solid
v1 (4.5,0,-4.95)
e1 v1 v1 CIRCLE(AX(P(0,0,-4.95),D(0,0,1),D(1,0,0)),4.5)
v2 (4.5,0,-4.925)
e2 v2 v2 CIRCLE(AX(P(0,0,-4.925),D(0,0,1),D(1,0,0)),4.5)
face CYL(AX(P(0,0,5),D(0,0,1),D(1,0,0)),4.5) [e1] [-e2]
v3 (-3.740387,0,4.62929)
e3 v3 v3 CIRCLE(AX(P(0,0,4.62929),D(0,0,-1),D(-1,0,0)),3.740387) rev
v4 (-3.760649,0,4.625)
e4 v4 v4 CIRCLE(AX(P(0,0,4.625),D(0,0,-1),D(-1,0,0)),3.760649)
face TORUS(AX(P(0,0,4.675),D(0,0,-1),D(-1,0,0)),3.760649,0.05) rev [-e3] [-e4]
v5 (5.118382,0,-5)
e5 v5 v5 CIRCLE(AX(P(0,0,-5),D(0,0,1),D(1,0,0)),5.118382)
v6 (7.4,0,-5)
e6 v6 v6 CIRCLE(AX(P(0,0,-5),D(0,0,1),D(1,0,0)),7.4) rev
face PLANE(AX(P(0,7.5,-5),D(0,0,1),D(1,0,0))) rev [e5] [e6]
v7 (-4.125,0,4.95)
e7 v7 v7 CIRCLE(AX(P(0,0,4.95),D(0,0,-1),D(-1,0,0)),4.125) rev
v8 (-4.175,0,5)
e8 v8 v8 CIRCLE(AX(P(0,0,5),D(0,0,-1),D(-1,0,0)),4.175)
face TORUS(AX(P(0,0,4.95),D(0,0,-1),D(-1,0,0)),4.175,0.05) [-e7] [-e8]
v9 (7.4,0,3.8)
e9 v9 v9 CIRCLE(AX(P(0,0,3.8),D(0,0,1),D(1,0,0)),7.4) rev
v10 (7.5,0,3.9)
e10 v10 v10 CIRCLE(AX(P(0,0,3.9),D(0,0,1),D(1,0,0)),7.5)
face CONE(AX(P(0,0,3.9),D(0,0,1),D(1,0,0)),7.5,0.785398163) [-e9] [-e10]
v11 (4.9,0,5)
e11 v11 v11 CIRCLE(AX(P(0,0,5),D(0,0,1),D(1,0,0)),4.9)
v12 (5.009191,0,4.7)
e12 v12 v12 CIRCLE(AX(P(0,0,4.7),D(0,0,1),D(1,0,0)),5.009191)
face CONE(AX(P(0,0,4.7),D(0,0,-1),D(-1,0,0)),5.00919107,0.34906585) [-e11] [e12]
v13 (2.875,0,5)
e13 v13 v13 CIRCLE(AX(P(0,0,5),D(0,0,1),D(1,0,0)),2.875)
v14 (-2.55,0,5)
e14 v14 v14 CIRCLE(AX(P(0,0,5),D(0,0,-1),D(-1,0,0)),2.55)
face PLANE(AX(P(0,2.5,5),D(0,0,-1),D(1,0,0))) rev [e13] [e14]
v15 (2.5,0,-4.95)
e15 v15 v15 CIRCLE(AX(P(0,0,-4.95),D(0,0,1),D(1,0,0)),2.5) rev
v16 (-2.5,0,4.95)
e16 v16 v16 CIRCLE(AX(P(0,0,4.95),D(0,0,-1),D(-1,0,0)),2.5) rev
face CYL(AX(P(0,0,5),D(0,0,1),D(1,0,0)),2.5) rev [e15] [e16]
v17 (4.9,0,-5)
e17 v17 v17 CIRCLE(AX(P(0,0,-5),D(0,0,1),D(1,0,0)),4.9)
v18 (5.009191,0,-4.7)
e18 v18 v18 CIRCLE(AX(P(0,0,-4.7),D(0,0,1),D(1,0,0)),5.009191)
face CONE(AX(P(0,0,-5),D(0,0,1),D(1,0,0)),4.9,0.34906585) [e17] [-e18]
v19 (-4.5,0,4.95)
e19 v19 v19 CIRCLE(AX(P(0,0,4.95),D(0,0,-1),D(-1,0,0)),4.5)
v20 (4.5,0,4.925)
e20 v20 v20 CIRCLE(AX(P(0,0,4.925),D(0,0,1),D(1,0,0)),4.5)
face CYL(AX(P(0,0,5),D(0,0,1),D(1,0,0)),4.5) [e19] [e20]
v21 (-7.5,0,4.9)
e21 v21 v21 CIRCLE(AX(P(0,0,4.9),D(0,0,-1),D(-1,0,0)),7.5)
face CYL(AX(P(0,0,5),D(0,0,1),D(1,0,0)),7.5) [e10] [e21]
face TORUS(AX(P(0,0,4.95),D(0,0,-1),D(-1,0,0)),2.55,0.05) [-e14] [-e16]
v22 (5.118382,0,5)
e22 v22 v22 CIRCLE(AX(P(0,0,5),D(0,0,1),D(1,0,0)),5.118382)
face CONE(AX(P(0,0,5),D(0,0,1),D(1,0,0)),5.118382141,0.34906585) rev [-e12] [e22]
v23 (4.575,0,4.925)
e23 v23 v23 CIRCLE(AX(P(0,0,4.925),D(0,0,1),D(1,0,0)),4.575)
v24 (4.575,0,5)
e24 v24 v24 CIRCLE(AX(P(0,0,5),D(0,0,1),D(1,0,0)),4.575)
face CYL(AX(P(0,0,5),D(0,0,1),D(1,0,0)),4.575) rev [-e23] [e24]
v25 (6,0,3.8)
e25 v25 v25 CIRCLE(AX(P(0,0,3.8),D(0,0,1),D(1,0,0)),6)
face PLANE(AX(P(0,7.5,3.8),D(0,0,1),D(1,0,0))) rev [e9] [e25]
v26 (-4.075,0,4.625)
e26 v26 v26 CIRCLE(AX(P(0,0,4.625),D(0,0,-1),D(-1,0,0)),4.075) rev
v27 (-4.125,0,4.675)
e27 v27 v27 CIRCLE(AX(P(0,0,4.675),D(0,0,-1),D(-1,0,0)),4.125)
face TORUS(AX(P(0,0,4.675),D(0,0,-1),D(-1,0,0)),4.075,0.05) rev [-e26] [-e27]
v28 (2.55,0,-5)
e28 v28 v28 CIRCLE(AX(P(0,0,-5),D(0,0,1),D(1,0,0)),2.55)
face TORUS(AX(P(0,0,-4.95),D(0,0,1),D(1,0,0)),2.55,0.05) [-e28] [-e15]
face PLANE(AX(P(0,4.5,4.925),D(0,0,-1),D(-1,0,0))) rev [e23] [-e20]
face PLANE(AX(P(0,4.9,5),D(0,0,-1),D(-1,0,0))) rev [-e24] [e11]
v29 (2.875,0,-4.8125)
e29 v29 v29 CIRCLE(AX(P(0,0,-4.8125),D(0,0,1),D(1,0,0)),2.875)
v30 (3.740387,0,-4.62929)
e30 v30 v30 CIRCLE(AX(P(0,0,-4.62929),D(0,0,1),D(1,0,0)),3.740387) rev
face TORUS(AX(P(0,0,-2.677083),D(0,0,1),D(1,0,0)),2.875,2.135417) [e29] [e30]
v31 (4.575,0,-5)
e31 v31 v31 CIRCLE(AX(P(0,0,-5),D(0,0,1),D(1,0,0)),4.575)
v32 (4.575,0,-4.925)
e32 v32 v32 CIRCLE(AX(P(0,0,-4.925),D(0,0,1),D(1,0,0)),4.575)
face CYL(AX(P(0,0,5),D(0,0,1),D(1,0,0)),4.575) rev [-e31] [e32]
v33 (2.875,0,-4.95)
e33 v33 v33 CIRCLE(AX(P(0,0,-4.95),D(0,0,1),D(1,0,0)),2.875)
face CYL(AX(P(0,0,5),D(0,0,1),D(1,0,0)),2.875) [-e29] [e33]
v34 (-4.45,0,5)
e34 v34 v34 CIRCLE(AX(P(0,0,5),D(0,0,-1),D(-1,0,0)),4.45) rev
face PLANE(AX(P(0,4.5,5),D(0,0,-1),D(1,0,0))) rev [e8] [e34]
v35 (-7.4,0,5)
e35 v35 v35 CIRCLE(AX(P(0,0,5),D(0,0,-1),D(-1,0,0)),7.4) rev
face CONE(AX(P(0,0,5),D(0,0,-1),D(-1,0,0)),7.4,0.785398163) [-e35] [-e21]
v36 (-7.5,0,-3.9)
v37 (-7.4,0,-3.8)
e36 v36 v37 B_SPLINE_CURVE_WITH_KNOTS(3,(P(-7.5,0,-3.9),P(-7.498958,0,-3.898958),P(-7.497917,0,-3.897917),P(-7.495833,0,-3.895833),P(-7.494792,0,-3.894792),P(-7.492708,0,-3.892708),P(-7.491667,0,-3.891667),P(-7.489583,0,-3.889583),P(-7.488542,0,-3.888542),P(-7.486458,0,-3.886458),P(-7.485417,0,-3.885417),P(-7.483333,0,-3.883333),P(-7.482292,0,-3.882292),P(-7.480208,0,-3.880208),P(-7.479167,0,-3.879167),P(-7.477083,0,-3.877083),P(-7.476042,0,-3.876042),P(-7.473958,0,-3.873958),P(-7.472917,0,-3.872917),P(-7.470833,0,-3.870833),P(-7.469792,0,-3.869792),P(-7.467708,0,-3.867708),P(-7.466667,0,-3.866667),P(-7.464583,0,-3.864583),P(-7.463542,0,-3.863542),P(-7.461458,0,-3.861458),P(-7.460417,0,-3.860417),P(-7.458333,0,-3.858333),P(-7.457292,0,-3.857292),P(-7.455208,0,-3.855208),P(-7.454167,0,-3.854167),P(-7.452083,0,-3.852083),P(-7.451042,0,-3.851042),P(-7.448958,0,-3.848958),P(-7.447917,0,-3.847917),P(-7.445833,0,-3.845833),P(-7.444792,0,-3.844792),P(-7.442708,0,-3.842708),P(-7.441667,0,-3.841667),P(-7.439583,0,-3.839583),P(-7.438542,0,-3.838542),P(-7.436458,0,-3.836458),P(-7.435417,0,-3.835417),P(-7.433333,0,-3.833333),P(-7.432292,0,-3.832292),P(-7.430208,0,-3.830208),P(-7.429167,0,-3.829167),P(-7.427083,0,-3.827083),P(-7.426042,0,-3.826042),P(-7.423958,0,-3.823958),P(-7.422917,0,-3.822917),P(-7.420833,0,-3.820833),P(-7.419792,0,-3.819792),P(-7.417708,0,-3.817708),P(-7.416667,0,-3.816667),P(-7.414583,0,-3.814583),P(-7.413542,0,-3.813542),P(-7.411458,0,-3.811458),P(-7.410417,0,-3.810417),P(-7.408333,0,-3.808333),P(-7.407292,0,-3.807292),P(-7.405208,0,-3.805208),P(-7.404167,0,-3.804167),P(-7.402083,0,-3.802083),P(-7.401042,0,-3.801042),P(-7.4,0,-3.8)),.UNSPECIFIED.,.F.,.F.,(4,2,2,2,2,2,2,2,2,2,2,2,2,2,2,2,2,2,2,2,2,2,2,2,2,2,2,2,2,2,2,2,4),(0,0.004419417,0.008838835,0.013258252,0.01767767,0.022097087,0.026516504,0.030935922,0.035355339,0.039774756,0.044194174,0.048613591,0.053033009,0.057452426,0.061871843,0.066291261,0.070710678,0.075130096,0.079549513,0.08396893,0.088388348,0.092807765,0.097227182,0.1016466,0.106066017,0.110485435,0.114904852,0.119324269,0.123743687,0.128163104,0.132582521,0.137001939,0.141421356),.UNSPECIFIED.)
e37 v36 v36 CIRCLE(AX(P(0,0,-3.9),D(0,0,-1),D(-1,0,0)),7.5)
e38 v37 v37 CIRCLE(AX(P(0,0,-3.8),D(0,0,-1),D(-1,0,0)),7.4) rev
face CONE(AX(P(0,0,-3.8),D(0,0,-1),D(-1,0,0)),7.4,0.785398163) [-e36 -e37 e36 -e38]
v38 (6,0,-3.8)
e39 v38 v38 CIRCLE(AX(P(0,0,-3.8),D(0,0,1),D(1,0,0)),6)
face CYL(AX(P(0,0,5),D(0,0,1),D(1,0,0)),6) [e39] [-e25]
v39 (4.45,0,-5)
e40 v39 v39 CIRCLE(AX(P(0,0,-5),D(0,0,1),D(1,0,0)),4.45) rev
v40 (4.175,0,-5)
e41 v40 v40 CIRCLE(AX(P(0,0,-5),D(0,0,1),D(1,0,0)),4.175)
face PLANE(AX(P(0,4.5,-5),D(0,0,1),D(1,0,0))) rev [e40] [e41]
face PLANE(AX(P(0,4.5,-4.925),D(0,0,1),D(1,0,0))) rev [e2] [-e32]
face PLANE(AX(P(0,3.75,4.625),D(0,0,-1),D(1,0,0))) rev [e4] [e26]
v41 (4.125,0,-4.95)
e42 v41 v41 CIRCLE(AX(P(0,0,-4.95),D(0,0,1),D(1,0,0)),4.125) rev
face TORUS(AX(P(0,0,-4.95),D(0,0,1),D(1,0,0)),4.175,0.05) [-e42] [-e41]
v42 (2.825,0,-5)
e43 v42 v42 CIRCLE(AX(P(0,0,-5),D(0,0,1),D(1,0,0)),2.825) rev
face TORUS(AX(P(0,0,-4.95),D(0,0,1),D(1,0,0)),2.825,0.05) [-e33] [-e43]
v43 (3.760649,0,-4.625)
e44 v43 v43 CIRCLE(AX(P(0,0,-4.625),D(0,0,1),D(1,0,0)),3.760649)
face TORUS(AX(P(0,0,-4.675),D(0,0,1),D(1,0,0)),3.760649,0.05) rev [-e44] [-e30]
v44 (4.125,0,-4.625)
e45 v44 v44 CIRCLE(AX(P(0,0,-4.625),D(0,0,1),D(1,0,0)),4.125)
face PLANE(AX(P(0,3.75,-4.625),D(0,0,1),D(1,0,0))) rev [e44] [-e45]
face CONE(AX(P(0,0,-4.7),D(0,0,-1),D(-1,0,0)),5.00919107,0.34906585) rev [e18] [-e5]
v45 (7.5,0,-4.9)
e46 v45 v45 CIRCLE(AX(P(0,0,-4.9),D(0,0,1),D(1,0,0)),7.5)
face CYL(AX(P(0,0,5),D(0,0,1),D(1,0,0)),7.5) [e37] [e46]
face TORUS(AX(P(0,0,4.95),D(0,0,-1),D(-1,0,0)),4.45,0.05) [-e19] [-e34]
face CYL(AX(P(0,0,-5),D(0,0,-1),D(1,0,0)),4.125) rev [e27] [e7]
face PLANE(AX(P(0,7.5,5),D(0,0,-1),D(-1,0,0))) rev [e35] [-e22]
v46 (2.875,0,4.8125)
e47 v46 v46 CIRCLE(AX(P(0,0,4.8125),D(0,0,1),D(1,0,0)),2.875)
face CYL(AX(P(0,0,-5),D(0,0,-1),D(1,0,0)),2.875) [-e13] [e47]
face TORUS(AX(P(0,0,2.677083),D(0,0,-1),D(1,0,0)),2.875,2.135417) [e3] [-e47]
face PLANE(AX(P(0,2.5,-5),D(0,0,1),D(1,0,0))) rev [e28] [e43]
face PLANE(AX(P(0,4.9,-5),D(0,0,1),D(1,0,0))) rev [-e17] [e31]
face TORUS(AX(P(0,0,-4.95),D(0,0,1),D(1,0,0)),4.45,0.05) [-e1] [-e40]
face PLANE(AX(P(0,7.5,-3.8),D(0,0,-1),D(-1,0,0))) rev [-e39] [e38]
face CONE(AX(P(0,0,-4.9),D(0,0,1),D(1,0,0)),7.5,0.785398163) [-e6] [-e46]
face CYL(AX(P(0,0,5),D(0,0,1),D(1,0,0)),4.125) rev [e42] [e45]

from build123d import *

# Parameters (mm, degrees)
CHAMFER1_SIZE = 0.1
FILLET2_R     = 0.05


with BuildPart() as part:
    # Sketch2 → Revolve1 (revolve)
    with BuildSketch(Plane(origin=(0, 0, 0), x_dir=(0, 0, -1), z_dir=(1, 0, 0)), mode=Mode.PRIVATE) as revolve1_sk:
        with BuildLine():
            Line((5, 2.5), (0, 2.5))
            Line((0, 2.5), (0, 4.5))
            Line((0, 4.5), (5, 4.5))
            Line((5, 4.5), (5, 4.125))
            Line((5, 4.125), (4.625, 4.125))
            Line((4.625, 4.125), (4.625, 3.75))
            ThreePointArc((4.625, 3.75), (4.765098905, 3.322431908), (4.8125, 2.875))
            Line((4.8125, 2.875), (5, 2.875))
            Line((5, 2.875), (5, 2.5))
        make_face()
    revolve(revolve1_sk.sketch.rotate(Axis((0, 0, 5), (0, 0, -1)), 90), axis=Axis((0, 0, 5), (0, 0, -1)))

    # Mirror1: part across plane


with BuildPart() as part_1:
    add(part.part)
    add(part.part.mirror(Plane.XY))

    # Fillet2
    fillet2_edges = [part_1.edges().sort_by_distance(p)[0] for p in [
        (-2.5, 0, -5),
        (-2.5, 0, 5),
        (-4.5, 0, 5),
        (-4.125, 0, 5),
        (-4.125, 0, 4.625),
        (-3.75, 0, 4.625),
        (-2.875, 0, -5),
        (-3.75, 0, -4.625),
        (-4.125, 0, -5),
        (-4.5, 0, -5),
    ]]
    fillet(fillet2_edges, radius=FILLET2_R)


with BuildPart() as body_2:
    # Sketch3 → Revolve2 (revolve)
    with BuildSketch(Plane(origin=(0, 0, 0), x_dir=(0, 0, -1), z_dir=(1, 0, 0)), mode=Mode.PRIVATE) as revolve2_sk:
        Polygon((3.8, 7.5), (5, 7.5), (5, 5.118382141), (4.7, 5.00919107), (5, 4.9), (5, 4.575), (4.925, 4.575), (4.925, 4.5), (-4.925, 4.5), (-4.925, 4.575), (-5, 4.575), (-5, 4.9), (-4.7, 5.00919107), (-5, 5.118382141), (-5, 7.5), (-3.8, 7.5), (-3.8, 6), (3.8, 6), align=None)
    revolve(revolve2_sk.sketch.rotate(Axis((0, 0, 5), (0, 0, -1)), 90), axis=Axis((0, 0, 5), (0, 0, -1)))

    # Chamfer1
    chamfer1_edges = [body_2.edges().sort_by_distance(p)[0] for p in [
        (-7.5, 0, 3.8),
        (-7.5, 0, 5),
        (-7.5, 0, -5),
        (-7.5, 0, -3.8),
    ]]
    chamfer(chamfer1_edges, length=CHAMFER1_SIZE)

    # Combine1: union part
    add(part_1.part)


solid = body_2.part
